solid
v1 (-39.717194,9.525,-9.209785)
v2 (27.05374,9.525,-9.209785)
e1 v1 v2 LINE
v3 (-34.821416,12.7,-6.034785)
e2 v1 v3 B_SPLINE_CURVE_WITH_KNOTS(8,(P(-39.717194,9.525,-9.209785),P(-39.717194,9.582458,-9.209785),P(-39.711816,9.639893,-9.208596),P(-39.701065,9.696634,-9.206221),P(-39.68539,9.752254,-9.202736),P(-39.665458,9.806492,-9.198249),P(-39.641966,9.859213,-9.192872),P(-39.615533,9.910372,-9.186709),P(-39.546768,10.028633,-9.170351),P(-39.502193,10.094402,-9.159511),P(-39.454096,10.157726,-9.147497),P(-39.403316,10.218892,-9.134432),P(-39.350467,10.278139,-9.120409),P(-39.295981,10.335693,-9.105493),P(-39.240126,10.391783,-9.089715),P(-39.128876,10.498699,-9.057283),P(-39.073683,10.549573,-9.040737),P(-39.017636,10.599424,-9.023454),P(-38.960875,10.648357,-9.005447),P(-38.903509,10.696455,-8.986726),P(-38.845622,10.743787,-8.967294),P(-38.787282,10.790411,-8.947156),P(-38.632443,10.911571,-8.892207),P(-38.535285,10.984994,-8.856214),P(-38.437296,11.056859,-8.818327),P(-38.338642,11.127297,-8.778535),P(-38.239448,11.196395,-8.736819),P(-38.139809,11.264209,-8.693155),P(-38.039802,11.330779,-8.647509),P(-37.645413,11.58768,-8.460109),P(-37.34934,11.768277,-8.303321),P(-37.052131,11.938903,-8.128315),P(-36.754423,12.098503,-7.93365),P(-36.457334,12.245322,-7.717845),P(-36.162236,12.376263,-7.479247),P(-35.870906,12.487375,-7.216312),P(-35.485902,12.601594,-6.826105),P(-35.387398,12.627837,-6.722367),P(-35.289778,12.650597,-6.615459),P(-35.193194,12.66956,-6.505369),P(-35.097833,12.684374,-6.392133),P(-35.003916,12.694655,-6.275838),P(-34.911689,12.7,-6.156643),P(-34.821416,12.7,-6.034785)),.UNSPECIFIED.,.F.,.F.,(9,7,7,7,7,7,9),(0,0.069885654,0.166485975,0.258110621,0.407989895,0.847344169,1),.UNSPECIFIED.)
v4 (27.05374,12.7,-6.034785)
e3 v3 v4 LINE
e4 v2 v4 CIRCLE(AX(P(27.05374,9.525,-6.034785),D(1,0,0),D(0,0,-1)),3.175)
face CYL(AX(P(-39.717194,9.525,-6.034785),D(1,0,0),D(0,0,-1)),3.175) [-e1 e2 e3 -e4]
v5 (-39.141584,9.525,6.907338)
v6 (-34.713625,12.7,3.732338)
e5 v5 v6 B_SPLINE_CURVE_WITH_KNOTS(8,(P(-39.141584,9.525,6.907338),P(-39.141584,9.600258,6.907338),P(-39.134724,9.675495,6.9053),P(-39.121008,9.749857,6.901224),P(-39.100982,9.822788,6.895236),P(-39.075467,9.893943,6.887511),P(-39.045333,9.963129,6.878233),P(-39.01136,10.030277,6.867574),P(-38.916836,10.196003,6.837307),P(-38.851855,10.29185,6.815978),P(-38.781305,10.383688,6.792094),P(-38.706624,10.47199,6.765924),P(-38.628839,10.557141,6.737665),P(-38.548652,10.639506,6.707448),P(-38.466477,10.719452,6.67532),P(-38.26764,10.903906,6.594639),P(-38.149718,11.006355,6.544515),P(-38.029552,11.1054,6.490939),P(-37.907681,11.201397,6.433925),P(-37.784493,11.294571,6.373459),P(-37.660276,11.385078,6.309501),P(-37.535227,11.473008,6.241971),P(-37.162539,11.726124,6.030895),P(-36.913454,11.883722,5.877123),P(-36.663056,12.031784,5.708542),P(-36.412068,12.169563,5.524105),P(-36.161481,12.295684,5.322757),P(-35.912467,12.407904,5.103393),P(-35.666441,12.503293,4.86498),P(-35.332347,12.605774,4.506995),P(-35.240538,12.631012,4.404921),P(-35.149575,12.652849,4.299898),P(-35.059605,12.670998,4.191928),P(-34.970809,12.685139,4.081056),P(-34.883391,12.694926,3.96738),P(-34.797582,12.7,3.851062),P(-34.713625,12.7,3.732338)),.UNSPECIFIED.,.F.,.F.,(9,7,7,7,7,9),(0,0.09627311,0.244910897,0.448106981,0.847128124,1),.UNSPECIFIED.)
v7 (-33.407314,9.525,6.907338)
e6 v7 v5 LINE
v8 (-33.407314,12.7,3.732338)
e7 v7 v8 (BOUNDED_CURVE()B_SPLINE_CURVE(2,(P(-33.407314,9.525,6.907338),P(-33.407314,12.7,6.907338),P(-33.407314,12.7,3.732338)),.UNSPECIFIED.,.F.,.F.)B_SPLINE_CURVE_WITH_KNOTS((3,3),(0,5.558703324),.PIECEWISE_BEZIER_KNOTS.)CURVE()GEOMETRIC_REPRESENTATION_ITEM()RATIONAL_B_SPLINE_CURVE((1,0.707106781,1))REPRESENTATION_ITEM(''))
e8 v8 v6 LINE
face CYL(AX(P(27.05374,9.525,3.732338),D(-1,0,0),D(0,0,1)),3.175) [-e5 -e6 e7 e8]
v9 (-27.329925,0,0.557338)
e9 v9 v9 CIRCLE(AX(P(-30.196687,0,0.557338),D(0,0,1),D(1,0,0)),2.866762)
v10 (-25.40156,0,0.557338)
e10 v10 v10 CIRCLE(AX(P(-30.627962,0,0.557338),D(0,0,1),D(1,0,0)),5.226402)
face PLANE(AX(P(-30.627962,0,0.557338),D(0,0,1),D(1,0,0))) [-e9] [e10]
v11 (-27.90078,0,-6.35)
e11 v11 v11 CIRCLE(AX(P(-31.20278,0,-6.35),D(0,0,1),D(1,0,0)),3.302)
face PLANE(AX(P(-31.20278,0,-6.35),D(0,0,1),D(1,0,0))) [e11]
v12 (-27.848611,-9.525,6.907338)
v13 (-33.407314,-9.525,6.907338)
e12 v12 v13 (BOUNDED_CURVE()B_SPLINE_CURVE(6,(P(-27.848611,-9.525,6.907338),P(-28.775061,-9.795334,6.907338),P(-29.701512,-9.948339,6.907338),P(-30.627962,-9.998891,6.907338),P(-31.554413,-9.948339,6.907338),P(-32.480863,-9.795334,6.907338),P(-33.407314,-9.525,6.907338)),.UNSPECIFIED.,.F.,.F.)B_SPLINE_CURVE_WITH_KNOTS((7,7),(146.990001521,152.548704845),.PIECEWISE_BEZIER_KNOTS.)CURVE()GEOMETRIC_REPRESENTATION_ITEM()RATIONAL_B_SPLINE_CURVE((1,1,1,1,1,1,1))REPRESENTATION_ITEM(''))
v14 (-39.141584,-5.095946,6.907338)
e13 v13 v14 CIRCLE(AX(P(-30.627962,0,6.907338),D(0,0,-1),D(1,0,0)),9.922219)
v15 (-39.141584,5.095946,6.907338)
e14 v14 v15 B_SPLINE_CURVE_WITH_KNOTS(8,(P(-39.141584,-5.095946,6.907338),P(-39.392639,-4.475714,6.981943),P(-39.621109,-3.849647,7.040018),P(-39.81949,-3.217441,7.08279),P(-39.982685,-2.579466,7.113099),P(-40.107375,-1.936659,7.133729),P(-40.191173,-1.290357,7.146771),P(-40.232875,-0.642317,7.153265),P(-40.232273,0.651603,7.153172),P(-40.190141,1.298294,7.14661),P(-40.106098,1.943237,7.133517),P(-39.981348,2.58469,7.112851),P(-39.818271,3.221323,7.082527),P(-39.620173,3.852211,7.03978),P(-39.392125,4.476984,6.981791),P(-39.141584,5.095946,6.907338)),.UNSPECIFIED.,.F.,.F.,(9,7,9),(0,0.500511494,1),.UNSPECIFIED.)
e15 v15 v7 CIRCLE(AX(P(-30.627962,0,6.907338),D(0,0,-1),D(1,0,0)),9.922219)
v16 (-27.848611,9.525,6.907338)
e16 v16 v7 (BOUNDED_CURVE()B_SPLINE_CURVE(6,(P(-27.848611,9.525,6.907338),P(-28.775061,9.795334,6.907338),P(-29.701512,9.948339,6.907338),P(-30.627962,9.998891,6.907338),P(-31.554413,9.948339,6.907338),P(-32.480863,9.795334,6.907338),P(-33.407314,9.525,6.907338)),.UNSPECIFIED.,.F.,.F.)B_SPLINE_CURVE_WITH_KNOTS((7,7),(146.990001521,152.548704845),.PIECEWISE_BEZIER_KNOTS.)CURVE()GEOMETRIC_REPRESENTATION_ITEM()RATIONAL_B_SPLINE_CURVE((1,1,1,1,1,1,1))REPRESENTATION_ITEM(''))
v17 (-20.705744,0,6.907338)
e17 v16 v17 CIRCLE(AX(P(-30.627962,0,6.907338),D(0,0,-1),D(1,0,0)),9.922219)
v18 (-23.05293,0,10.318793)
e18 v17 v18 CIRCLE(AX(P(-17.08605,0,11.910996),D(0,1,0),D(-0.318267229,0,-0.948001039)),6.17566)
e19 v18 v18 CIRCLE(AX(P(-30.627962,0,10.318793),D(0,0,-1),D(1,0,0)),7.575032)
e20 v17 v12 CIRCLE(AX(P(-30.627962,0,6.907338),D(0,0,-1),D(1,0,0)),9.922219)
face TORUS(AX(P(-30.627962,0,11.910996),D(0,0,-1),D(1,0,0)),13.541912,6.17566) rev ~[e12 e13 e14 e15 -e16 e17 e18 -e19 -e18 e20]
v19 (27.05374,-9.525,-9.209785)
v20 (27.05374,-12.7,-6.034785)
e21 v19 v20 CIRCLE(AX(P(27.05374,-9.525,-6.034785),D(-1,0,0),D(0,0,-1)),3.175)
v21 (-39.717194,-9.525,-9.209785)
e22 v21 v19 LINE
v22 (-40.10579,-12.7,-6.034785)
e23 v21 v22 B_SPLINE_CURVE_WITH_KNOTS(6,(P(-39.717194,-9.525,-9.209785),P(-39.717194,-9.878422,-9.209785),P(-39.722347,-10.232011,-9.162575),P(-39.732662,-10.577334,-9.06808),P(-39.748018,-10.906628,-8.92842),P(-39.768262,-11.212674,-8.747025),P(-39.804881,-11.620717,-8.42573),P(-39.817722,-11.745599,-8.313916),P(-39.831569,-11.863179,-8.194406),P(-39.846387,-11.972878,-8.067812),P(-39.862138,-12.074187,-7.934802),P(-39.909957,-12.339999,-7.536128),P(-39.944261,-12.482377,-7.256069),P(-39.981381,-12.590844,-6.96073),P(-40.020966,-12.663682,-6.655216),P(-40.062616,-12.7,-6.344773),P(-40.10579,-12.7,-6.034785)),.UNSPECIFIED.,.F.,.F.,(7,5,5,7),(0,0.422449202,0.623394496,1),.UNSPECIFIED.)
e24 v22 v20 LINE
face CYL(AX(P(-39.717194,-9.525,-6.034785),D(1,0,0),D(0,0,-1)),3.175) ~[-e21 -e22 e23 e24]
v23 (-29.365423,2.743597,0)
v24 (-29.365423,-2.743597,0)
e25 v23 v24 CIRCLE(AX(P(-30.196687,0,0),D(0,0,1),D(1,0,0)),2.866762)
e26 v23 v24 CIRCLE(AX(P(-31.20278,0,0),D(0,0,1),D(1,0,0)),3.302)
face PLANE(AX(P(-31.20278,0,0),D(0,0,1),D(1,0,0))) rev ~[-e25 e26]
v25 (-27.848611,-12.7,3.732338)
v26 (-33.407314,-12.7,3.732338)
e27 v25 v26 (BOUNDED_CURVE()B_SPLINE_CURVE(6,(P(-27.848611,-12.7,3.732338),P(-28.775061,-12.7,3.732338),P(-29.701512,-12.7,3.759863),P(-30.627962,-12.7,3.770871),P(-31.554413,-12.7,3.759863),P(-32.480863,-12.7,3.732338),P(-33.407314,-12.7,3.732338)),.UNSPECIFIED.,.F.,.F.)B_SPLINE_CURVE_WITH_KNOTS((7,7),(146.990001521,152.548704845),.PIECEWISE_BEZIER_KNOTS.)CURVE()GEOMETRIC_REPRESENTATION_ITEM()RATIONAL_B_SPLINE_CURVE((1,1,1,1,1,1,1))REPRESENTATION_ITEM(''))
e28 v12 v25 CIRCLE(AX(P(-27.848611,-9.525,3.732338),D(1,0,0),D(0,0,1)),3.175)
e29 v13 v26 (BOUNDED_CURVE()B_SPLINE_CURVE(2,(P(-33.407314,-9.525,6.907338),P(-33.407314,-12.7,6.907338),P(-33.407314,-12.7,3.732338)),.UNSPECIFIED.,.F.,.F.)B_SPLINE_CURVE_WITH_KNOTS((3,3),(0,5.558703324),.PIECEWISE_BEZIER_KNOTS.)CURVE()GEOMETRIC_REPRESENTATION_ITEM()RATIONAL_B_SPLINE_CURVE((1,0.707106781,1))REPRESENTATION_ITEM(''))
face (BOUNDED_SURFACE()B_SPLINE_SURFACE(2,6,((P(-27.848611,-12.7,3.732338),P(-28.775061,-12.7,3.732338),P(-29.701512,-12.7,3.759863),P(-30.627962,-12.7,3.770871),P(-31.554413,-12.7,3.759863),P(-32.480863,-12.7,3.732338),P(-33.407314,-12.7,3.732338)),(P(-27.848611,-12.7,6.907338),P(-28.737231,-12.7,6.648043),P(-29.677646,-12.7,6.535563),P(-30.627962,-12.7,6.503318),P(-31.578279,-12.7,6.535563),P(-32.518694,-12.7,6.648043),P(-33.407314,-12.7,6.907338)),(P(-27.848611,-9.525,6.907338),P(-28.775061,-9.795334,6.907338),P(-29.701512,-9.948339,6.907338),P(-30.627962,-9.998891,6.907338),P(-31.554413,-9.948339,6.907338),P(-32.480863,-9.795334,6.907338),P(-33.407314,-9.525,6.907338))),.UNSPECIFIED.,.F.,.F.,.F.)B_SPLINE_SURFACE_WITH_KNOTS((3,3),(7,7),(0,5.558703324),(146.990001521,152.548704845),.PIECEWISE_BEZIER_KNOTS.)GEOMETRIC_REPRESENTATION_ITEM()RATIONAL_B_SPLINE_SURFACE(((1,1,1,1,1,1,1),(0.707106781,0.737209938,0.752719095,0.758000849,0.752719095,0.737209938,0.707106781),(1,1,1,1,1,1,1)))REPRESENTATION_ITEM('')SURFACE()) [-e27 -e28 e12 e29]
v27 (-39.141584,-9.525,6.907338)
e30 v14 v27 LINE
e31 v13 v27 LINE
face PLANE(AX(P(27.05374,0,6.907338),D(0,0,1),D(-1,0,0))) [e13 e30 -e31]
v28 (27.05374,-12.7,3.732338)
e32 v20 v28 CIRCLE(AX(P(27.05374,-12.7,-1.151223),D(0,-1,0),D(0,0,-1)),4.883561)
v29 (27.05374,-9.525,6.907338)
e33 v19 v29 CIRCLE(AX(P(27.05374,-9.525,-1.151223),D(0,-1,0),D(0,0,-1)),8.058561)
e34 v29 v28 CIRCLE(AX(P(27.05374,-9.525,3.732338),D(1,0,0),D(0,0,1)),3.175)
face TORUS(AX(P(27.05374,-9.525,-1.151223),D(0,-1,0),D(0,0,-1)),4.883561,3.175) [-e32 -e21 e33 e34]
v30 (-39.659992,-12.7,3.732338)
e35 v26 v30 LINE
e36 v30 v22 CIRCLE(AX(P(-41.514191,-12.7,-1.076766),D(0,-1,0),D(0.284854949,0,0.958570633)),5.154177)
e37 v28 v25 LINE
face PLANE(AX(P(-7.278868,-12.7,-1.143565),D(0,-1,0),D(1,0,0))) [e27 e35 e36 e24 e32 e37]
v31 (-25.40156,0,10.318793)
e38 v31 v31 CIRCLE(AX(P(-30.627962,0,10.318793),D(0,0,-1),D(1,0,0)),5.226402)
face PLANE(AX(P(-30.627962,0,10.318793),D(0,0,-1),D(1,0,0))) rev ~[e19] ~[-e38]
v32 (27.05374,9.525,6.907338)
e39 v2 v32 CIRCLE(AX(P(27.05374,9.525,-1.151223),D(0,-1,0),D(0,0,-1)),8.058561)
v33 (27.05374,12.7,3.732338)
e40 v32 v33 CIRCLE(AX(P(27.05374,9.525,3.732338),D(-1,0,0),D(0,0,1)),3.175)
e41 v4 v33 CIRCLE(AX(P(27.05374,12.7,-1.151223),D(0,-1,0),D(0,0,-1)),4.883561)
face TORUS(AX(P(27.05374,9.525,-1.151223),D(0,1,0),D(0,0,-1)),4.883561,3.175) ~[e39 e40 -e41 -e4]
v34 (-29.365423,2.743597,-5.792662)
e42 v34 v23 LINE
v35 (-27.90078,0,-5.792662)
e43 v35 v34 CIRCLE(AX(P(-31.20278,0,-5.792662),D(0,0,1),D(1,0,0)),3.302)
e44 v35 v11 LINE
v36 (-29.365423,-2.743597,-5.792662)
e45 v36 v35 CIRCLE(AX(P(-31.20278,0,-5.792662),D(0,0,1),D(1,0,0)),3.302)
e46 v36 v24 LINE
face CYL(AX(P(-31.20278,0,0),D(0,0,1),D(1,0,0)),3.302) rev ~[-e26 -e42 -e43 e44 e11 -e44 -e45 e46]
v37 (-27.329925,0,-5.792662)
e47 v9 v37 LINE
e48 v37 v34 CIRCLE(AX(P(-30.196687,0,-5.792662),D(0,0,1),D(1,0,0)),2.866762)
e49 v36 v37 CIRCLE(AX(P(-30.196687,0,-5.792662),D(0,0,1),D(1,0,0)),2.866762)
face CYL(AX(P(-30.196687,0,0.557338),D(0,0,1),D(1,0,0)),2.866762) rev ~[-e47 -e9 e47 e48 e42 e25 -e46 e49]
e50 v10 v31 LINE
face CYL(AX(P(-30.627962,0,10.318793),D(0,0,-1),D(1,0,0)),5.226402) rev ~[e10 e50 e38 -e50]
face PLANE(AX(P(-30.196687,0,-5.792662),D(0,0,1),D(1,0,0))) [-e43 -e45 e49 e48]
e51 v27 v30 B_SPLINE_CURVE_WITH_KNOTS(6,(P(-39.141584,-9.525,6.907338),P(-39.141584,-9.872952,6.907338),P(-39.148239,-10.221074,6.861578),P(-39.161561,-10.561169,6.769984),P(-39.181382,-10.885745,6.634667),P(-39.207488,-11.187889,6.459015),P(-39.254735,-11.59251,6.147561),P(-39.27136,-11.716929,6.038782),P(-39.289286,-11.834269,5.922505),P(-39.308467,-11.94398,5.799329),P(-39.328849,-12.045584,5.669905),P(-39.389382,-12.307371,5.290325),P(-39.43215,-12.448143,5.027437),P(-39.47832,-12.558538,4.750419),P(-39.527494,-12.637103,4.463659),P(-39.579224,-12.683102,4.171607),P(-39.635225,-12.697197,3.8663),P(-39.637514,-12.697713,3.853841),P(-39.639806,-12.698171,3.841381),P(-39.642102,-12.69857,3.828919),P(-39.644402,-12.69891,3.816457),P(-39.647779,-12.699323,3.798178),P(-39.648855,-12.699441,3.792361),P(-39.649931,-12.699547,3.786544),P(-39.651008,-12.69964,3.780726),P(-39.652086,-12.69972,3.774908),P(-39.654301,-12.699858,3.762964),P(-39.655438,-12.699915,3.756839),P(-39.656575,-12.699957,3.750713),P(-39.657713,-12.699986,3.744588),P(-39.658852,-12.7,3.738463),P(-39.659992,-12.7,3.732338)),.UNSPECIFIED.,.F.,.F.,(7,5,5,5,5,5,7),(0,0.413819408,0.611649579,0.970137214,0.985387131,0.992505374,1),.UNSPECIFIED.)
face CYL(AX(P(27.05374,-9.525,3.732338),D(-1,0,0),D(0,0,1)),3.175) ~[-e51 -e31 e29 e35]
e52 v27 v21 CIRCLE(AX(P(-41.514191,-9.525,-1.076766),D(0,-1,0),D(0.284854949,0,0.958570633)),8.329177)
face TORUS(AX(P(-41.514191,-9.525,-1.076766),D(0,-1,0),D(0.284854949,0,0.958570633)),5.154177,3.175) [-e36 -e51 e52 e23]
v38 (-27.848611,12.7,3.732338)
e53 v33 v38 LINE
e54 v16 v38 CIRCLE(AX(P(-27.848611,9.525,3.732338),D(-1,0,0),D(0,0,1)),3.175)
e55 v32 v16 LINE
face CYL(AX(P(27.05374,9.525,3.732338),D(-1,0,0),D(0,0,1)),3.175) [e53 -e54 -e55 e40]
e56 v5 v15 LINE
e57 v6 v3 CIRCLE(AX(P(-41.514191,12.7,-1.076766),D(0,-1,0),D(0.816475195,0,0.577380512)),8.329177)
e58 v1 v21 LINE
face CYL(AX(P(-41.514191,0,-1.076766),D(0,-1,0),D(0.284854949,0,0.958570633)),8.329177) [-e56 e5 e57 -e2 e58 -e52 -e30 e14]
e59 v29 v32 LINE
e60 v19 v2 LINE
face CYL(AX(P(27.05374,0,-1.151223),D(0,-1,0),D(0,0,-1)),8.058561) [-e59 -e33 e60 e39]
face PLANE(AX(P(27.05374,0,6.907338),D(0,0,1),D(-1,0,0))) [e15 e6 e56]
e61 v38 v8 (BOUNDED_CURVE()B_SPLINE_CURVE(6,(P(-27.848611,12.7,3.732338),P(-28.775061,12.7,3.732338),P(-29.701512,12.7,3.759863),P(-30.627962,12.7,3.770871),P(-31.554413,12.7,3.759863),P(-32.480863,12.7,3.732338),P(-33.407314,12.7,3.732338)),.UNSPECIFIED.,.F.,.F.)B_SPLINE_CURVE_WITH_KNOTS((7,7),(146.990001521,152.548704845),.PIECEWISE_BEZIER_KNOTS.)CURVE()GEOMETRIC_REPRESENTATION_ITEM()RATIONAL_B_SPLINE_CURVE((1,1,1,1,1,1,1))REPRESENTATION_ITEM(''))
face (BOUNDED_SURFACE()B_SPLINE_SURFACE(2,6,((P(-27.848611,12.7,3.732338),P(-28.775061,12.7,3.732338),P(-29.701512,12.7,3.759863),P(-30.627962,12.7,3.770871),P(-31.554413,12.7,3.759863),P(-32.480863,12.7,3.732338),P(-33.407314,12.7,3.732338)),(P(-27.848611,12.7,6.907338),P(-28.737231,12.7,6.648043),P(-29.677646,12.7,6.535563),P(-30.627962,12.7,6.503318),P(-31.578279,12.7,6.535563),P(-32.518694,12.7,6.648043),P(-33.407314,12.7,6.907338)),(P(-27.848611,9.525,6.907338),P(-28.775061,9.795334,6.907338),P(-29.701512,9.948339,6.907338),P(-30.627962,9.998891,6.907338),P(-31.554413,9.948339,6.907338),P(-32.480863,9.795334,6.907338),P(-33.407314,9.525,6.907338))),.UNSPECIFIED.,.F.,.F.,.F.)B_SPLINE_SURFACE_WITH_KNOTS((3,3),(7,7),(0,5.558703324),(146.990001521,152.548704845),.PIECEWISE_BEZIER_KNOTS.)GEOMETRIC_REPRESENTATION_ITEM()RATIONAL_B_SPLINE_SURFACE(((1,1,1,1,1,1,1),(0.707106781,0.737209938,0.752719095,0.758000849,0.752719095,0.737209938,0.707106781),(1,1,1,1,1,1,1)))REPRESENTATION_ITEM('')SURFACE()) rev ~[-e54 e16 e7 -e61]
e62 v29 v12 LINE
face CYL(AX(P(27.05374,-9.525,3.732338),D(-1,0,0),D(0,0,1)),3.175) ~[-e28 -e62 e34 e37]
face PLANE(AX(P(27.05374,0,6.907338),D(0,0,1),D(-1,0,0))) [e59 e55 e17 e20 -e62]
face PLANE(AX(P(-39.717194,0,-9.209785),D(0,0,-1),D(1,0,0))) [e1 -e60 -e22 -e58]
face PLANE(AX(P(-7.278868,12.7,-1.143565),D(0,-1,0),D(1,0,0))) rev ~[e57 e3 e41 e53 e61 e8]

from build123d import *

# Parameters (mm, degrees)
F1_DEPTH  = 12.7
F5_R      = 3.302
F4_FACE_R = 5.2264022723
F6_DEPTH  = 6.35
F7_DEPTH  = 6.35
F8_DEPTH  = 6.35
F9_R      = 2.8667617308
F10_DEPTH = 6.35
F11_R     = 3.175


with BuildPart() as f1:
    # F0 (on Front) → F1 (new body, symmetric)
    with BuildSketch(Plane.XZ):
        with BuildLine():
            Line((27.0537398756, 6.9073382765), (-39.1415841877, 6.9073382765))
            ThreePointArc((-39.1415841877, 6.9073382765), (-49.8380616626, -0.7794862001), (-39.7171936929, -9.2097846791))
            Line((-39.7171936929, -9.2097846791), (27.0537398756, -9.2097846791))
            ThreePointArc((27.0537398756, -9.2097846791), (35.1123013534, -1.1512232013), (27.0537398756, 6.9073382765))
        make_face()
    extrude(amount=F1_DEPTH, both=True)

    # F3 (on Front) → F4 (revolve)
    with BuildSketch(Plane.XZ):
        with BuildLine():
            ThreePointArc((-19.0515599295, 6.0564640567), (-21.5885566512, 7.6841524566), (-23.0529304126, 10.3187931113))
            Line((-23.0529304126, 10.3187931113), (-25.4015599295, 10.3187931113))
            Line((-25.4015599295, 10.3187931113), (-25.4015599295, 6.0564640567))
            Line((-25.4015599295, 6.0564640567), (-19.0515599295, 6.0564640567))
        make_face()
    revolve(axis=Axis((-30.6279622018, 0, 0.5539879203), (0, 0, -1)))

    # F5 (on Top) + F4_face (on face) → F6 (cut)
    with BuildSketch(Plane.XY):
        with Locations((-31.2027800828, 0)):
            Circle(F5_R)
    with BuildSketch(Plane(origin=(-30.6279622018, 0, 6.9073382765), x_dir=(1, 0, 0), z_dir=(0, 0, 1))):
        Circle(F4_FACE_R)
    extrude(amount=-F6_DEPTH, mode=Mode.SUBTRACT)

    # F5 (on Top) → F7 (cut)
    with BuildSketch(Plane.XY):
        with Locations((-31.2027800828, 0)):
            Circle(F5_R)
    extrude(amount=-F7_DEPTH, mode=Mode.SUBTRACT)

    # F5 (on Top) → F8 (cut)
    with BuildSketch(Plane.XY):
        with Locations((-31.2027800828, 0)):
            Circle(F5_R)
    extrude(amount=-F8_DEPTH, mode=Mode.SUBTRACT)

    # F9 (on face) → F10 (cut)
    with BuildSketch(Plane.XY.offset(0.5573382765)):
        with Locations((-30.1966872066, 0)):
            Circle(F9_R)
    extrude(amount=-F10_DEPTH, mode=Mode.SUBTRACT)

    # F11
    f11_edges = [f1.edges().sort_by_distance(p)[0] for p in [
        (-6.043922, -12.7, 6.907338),
        (-6.043922, 12.7, 6.907338),
        (-49.838062, -12.7, -0.779486),
    ]]
    fillet(f11_edges, radius=F11_R)


solid = f1.part
